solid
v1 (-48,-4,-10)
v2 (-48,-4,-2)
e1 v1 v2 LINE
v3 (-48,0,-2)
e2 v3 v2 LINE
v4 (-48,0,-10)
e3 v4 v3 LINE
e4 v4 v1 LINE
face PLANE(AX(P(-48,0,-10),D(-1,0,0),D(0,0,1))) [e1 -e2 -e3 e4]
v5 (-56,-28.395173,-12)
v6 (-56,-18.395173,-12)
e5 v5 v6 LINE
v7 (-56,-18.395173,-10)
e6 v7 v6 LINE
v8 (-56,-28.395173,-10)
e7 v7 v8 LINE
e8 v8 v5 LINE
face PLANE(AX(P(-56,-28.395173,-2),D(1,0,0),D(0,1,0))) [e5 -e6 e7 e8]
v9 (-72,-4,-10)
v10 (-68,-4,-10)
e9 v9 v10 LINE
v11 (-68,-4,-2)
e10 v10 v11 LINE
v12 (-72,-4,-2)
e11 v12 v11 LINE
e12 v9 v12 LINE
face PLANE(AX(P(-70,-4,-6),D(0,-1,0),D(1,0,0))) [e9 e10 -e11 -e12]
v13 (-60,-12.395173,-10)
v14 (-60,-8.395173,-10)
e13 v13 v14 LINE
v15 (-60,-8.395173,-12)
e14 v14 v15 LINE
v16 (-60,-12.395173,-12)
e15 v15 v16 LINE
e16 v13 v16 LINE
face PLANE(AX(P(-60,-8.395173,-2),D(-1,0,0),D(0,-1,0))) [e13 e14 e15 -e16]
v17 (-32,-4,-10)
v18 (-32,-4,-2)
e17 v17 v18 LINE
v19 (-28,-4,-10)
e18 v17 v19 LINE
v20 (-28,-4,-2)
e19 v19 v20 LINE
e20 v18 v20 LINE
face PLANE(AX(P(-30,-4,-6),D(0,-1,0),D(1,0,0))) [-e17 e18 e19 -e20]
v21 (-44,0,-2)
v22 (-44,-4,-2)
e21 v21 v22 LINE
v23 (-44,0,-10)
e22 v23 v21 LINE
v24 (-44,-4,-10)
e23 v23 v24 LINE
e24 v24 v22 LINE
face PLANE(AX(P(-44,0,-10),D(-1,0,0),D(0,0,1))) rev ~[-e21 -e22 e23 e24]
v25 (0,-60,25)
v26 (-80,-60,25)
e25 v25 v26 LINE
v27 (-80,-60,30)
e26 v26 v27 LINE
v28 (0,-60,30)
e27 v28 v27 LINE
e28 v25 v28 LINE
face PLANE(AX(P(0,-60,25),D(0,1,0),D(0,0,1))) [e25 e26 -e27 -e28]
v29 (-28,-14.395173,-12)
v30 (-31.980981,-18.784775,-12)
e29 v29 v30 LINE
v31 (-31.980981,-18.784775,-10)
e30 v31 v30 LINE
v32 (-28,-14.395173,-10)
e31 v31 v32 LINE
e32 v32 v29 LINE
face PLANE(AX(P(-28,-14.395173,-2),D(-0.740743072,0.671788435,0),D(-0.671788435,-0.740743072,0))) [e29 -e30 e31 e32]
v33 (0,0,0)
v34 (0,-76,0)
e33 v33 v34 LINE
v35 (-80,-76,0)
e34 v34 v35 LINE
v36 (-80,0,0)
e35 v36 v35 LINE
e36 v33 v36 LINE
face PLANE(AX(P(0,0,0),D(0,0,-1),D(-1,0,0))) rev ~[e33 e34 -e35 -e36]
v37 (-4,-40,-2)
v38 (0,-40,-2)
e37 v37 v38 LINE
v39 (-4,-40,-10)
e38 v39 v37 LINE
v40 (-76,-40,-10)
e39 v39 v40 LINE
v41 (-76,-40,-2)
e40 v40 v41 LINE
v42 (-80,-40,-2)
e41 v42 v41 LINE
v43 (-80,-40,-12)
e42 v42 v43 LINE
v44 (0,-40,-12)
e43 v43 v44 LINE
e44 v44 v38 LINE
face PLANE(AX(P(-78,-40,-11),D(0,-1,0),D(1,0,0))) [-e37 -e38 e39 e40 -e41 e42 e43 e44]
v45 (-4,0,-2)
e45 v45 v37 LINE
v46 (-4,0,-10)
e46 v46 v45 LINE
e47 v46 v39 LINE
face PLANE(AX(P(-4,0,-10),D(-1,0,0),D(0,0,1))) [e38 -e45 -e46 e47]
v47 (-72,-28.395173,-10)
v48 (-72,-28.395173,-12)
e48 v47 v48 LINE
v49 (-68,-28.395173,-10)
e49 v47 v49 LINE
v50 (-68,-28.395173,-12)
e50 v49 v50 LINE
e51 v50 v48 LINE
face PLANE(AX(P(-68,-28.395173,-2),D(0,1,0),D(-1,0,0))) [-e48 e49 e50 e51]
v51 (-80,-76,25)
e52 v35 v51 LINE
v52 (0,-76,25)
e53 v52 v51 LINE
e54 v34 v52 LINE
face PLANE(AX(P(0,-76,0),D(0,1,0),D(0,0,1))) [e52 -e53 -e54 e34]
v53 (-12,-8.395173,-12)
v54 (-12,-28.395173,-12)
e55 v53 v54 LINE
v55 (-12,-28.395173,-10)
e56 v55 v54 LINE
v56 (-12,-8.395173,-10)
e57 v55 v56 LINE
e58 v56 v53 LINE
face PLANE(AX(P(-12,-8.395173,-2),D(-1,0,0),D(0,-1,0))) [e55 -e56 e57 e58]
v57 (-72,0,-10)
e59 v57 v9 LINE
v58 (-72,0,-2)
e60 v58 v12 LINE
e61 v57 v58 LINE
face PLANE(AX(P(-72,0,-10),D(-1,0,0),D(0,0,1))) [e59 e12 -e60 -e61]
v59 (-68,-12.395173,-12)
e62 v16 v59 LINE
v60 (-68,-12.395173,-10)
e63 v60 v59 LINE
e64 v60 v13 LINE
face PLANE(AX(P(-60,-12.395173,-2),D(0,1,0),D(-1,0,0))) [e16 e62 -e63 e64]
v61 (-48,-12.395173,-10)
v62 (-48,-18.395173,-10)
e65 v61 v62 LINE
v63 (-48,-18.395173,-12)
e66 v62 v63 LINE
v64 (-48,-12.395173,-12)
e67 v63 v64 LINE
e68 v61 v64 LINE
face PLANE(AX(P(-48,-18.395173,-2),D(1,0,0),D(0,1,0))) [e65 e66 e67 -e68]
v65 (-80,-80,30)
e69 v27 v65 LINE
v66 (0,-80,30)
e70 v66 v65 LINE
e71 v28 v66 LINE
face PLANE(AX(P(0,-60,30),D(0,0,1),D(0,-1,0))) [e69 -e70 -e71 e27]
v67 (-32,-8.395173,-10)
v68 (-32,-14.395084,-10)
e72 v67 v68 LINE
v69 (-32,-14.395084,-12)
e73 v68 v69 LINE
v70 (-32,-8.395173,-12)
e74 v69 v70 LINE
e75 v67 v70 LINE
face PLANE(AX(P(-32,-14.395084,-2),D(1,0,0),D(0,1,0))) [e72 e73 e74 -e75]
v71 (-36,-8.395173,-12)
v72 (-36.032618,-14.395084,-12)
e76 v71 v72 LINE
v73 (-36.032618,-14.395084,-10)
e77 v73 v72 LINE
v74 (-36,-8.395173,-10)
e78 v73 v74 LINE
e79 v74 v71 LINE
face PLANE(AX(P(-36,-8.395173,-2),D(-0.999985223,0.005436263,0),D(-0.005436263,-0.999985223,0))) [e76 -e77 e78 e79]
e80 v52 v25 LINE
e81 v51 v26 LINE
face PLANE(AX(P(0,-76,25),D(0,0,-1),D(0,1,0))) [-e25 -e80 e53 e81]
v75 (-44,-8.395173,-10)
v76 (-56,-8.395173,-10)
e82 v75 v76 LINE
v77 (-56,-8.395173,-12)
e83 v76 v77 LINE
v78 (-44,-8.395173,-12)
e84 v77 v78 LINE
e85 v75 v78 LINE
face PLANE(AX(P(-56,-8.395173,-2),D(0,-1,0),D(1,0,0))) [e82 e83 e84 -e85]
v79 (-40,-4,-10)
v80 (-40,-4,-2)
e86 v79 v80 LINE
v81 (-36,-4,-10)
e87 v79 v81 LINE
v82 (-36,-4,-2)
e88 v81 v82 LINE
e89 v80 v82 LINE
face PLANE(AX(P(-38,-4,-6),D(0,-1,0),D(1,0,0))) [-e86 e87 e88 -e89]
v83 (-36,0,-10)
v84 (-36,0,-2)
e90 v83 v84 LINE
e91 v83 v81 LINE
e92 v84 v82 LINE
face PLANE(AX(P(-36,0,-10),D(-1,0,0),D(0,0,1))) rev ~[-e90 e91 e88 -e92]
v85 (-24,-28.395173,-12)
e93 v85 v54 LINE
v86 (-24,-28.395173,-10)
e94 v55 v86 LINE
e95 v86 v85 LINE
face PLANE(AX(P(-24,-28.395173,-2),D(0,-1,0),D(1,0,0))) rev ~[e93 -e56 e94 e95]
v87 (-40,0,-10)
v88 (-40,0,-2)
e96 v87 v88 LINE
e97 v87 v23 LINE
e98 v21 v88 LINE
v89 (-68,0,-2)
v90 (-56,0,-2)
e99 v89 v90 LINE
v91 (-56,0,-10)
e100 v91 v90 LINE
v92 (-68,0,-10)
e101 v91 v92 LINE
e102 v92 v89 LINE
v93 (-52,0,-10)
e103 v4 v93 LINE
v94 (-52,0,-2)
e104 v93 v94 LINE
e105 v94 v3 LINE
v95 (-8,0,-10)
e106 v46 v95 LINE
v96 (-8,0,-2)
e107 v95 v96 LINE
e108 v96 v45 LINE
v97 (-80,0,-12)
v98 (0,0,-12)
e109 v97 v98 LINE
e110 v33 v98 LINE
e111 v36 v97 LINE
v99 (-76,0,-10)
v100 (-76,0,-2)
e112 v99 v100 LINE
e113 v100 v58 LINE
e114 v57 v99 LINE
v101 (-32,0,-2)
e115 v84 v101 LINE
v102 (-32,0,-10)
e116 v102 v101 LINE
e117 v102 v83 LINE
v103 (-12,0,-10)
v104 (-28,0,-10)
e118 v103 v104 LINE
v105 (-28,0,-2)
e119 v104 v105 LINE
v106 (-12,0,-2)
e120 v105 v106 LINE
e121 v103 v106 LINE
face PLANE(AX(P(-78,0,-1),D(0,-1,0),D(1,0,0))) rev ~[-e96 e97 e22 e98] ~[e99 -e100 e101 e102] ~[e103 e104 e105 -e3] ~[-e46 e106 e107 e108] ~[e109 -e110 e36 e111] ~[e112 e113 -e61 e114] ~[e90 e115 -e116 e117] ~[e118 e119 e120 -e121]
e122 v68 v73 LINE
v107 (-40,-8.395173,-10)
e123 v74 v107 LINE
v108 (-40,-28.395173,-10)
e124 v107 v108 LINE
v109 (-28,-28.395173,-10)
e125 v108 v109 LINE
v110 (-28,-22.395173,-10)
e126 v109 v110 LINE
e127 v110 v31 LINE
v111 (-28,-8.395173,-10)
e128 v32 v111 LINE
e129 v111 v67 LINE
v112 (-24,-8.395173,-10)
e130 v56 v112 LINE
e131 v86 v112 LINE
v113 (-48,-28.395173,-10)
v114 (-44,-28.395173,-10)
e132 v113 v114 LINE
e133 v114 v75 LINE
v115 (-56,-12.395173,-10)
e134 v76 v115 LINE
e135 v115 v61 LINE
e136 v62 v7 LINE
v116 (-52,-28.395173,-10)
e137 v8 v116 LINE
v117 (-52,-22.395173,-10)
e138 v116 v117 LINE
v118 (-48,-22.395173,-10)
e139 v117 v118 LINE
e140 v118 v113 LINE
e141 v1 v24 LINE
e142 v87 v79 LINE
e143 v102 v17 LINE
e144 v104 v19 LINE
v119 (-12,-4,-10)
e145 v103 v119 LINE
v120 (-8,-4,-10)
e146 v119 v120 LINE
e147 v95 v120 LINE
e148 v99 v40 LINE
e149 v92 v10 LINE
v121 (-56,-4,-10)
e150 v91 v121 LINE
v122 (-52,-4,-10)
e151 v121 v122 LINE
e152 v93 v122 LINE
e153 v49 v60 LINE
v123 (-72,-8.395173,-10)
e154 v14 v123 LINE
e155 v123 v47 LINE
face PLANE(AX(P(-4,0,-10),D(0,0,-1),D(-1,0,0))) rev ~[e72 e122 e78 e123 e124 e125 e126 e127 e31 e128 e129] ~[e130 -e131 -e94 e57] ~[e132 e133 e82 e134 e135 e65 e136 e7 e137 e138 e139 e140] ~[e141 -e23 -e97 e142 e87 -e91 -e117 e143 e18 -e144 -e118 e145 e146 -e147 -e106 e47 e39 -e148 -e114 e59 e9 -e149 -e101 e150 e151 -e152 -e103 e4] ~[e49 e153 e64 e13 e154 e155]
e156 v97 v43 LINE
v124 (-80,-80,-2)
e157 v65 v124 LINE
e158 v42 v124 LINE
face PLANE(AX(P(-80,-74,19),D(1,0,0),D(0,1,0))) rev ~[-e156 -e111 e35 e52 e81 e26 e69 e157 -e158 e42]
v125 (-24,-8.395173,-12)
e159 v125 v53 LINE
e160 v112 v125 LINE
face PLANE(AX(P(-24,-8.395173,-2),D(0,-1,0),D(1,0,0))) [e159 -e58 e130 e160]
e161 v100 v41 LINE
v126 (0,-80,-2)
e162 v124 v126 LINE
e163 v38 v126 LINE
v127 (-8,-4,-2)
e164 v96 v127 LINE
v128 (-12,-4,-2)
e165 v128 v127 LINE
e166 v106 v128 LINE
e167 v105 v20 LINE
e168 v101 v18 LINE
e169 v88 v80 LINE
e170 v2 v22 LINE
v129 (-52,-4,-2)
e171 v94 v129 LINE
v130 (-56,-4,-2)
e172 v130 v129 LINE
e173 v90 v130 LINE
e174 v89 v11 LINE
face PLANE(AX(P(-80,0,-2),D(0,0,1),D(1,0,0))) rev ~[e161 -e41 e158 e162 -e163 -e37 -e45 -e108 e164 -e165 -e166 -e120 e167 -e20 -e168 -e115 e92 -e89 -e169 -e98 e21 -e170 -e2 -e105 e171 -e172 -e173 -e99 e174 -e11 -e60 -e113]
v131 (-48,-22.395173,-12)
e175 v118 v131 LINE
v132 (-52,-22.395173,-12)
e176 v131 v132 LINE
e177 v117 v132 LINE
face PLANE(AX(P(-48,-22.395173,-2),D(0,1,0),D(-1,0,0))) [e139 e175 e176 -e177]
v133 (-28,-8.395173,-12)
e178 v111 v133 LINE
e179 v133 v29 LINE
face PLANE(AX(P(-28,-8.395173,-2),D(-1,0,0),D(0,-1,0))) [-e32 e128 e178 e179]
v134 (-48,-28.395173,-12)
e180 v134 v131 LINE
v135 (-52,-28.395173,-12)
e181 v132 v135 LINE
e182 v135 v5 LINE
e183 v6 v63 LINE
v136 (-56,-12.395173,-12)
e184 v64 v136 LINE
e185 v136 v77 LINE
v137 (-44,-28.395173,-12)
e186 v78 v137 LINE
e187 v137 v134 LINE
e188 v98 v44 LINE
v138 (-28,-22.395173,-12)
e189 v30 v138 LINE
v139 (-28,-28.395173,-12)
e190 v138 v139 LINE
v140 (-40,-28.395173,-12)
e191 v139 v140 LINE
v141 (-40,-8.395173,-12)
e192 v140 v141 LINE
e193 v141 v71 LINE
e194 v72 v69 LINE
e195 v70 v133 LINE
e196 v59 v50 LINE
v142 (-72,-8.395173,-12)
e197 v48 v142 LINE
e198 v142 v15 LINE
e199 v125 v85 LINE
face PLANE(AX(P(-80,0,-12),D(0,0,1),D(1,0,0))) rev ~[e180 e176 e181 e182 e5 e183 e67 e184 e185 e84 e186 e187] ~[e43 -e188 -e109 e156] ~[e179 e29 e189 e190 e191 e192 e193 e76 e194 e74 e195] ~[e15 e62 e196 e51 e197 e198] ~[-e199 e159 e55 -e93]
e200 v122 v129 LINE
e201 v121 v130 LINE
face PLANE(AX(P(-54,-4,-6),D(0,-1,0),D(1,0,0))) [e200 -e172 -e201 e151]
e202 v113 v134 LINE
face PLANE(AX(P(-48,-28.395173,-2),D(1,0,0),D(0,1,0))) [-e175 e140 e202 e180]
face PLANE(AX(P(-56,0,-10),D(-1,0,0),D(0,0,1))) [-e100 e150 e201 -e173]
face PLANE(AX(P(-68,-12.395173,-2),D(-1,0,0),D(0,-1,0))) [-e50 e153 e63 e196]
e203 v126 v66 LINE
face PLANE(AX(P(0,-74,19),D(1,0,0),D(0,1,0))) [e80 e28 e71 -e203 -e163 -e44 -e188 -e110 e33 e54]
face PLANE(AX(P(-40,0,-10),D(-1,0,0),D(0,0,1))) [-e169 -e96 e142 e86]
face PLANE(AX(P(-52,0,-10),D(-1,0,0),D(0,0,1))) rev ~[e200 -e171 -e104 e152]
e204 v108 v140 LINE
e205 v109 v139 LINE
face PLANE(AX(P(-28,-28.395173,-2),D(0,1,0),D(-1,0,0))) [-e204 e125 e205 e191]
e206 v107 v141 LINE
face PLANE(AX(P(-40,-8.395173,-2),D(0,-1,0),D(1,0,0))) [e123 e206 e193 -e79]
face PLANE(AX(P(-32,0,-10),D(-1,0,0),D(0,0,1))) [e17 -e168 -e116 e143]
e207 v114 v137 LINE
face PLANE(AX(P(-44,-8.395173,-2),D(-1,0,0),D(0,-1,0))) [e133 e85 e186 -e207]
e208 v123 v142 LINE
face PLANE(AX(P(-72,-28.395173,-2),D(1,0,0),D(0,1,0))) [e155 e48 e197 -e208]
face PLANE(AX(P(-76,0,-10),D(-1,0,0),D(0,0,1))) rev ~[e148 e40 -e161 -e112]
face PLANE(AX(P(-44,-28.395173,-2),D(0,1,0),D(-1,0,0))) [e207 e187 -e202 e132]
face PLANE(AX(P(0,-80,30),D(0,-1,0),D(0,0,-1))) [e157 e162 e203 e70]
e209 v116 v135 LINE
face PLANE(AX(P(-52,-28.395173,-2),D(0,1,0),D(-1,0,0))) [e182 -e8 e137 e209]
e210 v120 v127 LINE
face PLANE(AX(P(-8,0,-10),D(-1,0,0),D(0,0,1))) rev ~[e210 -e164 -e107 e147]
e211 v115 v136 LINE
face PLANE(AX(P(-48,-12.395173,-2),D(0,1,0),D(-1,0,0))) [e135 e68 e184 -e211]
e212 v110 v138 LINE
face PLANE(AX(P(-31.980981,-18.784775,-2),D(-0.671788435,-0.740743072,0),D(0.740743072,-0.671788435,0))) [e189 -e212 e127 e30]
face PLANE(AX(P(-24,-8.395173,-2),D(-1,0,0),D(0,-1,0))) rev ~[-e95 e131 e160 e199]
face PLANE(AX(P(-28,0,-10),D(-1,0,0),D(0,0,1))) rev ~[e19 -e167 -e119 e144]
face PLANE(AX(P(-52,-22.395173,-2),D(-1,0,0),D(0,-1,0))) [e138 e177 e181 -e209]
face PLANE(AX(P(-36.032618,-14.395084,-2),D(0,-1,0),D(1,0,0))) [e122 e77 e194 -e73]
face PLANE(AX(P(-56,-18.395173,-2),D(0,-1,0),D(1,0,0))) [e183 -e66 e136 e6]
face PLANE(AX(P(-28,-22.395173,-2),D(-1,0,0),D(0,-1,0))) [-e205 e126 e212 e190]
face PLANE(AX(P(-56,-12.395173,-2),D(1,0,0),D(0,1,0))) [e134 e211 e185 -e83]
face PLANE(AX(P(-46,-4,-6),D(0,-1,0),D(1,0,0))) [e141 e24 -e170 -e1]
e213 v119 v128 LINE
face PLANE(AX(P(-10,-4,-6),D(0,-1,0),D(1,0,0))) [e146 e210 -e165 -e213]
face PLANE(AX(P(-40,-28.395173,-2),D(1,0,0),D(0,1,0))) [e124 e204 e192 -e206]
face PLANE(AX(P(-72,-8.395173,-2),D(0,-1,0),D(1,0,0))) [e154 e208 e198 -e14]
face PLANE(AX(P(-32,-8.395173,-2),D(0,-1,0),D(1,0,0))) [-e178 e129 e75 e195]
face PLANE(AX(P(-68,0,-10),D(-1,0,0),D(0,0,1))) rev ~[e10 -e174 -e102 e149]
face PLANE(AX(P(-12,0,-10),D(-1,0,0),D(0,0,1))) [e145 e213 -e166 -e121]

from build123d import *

# Parameters (mm, degrees)
F0_W     = 4
F0_H     = 2
F0_H_2   = 8
F1_DEPTH = 40
F2_DEPTH = 80
F4_DEPTH = 80
F5_DEPTH = 4
F6_W     = 12
F6_H     = 20
F7_DEPTH = 25


with BuildPart() as f1:
    # F0 (on Front) → F1 (new body)
    with BuildSketch(Plane.XZ):
        with Locations((-78, -11)):
            Rectangle(F0_W, F0_H)
        with Locations((-74, -11)):
            Rectangle(F0_W, F0_H)
        with Locations((-70, -11)):
            Rectangle(F0_W, F0_H)
        with Locations((-66, -11)):
            Rectangle(F0_W, F0_H)
        with Locations((-62, -11)):
            Rectangle(F0_W, F0_H)
        with Locations((-58, -11)):
            Rectangle(F0_W, F0_H)
        with Locations((-54, -11)):
            Rectangle(F0_W, F0_H)
        with Locations((-50, -11)):
            Rectangle(F0_W, F0_H)
        with Locations((-46, -11)):
            Rectangle(F0_W, F0_H)
        with Locations((-42, -11)):
            Rectangle(F0_W, F0_H)
        with Locations((-38, -11)):
            Rectangle(F0_W, F0_H)
        with Locations((-34, -11)):
            Rectangle(F0_W, F0_H)
        with Locations((-30, -11)):
            Rectangle(F0_W, F0_H)
        with Locations((-26, -11)):
            Rectangle(F0_W, F0_H)
        with Locations((-22, -11)):
            Rectangle(F0_W, F0_H)
        with Locations((-18, -11)):
            Rectangle(F0_W, F0_H)
        with Locations((-14, -11)):
            Rectangle(F0_W, F0_H)
        with Locations((-10, -11)):
            Rectangle(F0_W, F0_H)
        with Locations((-6, -11)):
            Rectangle(F0_W, F0_H)
        with Locations((-2, -11)):
            Rectangle(F0_W, F0_H)
        with Locations((-78, -6)):
            Rectangle(F0_W, F0_H_2)
        with Locations((-2, -6)):
            Rectangle(F0_W, F0_H_2)
    extrude(amount=F1_DEPTH)

    # F0 (on Front) → F2 (join)
    with BuildSketch(Plane.XZ):
        with Locations((-78, -1)):
            Rectangle(F0_W, F0_H)
        with Locations((-70, -1)):
            Rectangle(F0_W, F0_H)
        with Locations((-74, -1)):
            Rectangle(F0_W, F0_H)
        with Locations((-66, -1)):
            Rectangle(F0_W, F0_H)
        with Locations((-62, -1)):
            Rectangle(F0_W, F0_H)
        with Locations((-58, -1)):
            Rectangle(F0_W, F0_H)
        with Locations((-54, -1)):
            Rectangle(F0_W, F0_H)
        with Locations((-50, -1)):
            Rectangle(F0_W, F0_H)
        with Locations((-46, -1)):
            Rectangle(F0_W, F0_H)
        with Locations((-42, -1)):
            Rectangle(F0_W, F0_H)
        with Locations((-38, -1)):
            Rectangle(F0_W, F0_H)
        with Locations((-34, -1)):
            Rectangle(F0_W, F0_H)
        with Locations((-30, -1)):
            Rectangle(F0_W, F0_H)
        with Locations((-26, -1)):
            Rectangle(F0_W, F0_H)
        with Locations((-22, -1)):
            Rectangle(F0_W, F0_H)
        with Locations((-18, -1)):
            Rectangle(F0_W, F0_H)
        with Locations((-14, -1)):
            Rectangle(F0_W, F0_H)
        with Locations((-6, -1)):
            Rectangle(F0_W, F0_H)
        with Locations((-2, -1)):
            Rectangle(F0_W, F0_H)
        with Locations((-10, -1)):
            Rectangle(F0_W, F0_H)
    extrude(amount=F2_DEPTH)

    # F3 (on Right) → F4 (join)
    with BuildSketch(Plane.YZ):
        Polygon((-80, 30), (-80, 0), (-76, 0), (-76, 25), (-60, 25), (-60, 30), align=None)
    extrude(amount=-F4_DEPTH)

    # F0 (on Front) → F5 (join)
    with BuildSketch(Plane.XZ):
        with Locations((-70, -6)):
            Rectangle(F0_W, F0_H_2)
        with Locations((-54, -6)):
            Rectangle(F0_W, F0_H_2)
        with Locations((-46, -6)):
            Rectangle(F0_W, F0_H_2)
        with Locations((-38, -6)):
            Rectangle(F0_W, F0_H_2)
        with Locations((-30, -6)):
            Rectangle(F0_W, F0_H_2)
        with Locations((-10, -6)):
            Rectangle(F0_W, F0_H_2)
    extrude(amount=F5_DEPTH)

    # F6 (on face) → F7 (cut)
    with BuildSketch(Plane(origin=(0, 0, -2), x_dir=(1, 0, 0), z_dir=(0, 0, -1))):
        Polygon((-68, 28.3951728637), (-72, 28.3951728637), (-72, 8.3951728637), (-60, 8.3951728637), (-60, 12.3951728637), (-68, 12.3951728637), align=None)
        with Locations((-18, 18.3951728637)):
            Rectangle(F6_W, F6_H)
        Polygon((-52, 28.3951728637), (-56, 28.3951728637), (-56, 18.3951728637), (-48, 18.3951728637), (-48, 12.3951728637), (-56, 12.3951728637), (-56, 8.3951728637), (-44, 8.3951728637), (-44, 28.3951728637), (-48, 28.3951728637), (-48, 22.3951728637), (-52, 22.3951728637), align=None)
        Polygon((-28, 28.3951728637), (-40, 28.3951728637), (-40, 8.3951728637), (-36, 8.3951728637), (-36.0326175784, 14.3950842042), (-32, 14.3950842042), (-32, 8.3951728637), (-28, 8.3951728637), (-28, 14.3951728637), (-31.9809810322, 18.7847752528), (-28, 22.3951728637), align=None)
    extrude(amount=F7_DEPTH, mode=Mode.SUBTRACT)


solid = f1.part
